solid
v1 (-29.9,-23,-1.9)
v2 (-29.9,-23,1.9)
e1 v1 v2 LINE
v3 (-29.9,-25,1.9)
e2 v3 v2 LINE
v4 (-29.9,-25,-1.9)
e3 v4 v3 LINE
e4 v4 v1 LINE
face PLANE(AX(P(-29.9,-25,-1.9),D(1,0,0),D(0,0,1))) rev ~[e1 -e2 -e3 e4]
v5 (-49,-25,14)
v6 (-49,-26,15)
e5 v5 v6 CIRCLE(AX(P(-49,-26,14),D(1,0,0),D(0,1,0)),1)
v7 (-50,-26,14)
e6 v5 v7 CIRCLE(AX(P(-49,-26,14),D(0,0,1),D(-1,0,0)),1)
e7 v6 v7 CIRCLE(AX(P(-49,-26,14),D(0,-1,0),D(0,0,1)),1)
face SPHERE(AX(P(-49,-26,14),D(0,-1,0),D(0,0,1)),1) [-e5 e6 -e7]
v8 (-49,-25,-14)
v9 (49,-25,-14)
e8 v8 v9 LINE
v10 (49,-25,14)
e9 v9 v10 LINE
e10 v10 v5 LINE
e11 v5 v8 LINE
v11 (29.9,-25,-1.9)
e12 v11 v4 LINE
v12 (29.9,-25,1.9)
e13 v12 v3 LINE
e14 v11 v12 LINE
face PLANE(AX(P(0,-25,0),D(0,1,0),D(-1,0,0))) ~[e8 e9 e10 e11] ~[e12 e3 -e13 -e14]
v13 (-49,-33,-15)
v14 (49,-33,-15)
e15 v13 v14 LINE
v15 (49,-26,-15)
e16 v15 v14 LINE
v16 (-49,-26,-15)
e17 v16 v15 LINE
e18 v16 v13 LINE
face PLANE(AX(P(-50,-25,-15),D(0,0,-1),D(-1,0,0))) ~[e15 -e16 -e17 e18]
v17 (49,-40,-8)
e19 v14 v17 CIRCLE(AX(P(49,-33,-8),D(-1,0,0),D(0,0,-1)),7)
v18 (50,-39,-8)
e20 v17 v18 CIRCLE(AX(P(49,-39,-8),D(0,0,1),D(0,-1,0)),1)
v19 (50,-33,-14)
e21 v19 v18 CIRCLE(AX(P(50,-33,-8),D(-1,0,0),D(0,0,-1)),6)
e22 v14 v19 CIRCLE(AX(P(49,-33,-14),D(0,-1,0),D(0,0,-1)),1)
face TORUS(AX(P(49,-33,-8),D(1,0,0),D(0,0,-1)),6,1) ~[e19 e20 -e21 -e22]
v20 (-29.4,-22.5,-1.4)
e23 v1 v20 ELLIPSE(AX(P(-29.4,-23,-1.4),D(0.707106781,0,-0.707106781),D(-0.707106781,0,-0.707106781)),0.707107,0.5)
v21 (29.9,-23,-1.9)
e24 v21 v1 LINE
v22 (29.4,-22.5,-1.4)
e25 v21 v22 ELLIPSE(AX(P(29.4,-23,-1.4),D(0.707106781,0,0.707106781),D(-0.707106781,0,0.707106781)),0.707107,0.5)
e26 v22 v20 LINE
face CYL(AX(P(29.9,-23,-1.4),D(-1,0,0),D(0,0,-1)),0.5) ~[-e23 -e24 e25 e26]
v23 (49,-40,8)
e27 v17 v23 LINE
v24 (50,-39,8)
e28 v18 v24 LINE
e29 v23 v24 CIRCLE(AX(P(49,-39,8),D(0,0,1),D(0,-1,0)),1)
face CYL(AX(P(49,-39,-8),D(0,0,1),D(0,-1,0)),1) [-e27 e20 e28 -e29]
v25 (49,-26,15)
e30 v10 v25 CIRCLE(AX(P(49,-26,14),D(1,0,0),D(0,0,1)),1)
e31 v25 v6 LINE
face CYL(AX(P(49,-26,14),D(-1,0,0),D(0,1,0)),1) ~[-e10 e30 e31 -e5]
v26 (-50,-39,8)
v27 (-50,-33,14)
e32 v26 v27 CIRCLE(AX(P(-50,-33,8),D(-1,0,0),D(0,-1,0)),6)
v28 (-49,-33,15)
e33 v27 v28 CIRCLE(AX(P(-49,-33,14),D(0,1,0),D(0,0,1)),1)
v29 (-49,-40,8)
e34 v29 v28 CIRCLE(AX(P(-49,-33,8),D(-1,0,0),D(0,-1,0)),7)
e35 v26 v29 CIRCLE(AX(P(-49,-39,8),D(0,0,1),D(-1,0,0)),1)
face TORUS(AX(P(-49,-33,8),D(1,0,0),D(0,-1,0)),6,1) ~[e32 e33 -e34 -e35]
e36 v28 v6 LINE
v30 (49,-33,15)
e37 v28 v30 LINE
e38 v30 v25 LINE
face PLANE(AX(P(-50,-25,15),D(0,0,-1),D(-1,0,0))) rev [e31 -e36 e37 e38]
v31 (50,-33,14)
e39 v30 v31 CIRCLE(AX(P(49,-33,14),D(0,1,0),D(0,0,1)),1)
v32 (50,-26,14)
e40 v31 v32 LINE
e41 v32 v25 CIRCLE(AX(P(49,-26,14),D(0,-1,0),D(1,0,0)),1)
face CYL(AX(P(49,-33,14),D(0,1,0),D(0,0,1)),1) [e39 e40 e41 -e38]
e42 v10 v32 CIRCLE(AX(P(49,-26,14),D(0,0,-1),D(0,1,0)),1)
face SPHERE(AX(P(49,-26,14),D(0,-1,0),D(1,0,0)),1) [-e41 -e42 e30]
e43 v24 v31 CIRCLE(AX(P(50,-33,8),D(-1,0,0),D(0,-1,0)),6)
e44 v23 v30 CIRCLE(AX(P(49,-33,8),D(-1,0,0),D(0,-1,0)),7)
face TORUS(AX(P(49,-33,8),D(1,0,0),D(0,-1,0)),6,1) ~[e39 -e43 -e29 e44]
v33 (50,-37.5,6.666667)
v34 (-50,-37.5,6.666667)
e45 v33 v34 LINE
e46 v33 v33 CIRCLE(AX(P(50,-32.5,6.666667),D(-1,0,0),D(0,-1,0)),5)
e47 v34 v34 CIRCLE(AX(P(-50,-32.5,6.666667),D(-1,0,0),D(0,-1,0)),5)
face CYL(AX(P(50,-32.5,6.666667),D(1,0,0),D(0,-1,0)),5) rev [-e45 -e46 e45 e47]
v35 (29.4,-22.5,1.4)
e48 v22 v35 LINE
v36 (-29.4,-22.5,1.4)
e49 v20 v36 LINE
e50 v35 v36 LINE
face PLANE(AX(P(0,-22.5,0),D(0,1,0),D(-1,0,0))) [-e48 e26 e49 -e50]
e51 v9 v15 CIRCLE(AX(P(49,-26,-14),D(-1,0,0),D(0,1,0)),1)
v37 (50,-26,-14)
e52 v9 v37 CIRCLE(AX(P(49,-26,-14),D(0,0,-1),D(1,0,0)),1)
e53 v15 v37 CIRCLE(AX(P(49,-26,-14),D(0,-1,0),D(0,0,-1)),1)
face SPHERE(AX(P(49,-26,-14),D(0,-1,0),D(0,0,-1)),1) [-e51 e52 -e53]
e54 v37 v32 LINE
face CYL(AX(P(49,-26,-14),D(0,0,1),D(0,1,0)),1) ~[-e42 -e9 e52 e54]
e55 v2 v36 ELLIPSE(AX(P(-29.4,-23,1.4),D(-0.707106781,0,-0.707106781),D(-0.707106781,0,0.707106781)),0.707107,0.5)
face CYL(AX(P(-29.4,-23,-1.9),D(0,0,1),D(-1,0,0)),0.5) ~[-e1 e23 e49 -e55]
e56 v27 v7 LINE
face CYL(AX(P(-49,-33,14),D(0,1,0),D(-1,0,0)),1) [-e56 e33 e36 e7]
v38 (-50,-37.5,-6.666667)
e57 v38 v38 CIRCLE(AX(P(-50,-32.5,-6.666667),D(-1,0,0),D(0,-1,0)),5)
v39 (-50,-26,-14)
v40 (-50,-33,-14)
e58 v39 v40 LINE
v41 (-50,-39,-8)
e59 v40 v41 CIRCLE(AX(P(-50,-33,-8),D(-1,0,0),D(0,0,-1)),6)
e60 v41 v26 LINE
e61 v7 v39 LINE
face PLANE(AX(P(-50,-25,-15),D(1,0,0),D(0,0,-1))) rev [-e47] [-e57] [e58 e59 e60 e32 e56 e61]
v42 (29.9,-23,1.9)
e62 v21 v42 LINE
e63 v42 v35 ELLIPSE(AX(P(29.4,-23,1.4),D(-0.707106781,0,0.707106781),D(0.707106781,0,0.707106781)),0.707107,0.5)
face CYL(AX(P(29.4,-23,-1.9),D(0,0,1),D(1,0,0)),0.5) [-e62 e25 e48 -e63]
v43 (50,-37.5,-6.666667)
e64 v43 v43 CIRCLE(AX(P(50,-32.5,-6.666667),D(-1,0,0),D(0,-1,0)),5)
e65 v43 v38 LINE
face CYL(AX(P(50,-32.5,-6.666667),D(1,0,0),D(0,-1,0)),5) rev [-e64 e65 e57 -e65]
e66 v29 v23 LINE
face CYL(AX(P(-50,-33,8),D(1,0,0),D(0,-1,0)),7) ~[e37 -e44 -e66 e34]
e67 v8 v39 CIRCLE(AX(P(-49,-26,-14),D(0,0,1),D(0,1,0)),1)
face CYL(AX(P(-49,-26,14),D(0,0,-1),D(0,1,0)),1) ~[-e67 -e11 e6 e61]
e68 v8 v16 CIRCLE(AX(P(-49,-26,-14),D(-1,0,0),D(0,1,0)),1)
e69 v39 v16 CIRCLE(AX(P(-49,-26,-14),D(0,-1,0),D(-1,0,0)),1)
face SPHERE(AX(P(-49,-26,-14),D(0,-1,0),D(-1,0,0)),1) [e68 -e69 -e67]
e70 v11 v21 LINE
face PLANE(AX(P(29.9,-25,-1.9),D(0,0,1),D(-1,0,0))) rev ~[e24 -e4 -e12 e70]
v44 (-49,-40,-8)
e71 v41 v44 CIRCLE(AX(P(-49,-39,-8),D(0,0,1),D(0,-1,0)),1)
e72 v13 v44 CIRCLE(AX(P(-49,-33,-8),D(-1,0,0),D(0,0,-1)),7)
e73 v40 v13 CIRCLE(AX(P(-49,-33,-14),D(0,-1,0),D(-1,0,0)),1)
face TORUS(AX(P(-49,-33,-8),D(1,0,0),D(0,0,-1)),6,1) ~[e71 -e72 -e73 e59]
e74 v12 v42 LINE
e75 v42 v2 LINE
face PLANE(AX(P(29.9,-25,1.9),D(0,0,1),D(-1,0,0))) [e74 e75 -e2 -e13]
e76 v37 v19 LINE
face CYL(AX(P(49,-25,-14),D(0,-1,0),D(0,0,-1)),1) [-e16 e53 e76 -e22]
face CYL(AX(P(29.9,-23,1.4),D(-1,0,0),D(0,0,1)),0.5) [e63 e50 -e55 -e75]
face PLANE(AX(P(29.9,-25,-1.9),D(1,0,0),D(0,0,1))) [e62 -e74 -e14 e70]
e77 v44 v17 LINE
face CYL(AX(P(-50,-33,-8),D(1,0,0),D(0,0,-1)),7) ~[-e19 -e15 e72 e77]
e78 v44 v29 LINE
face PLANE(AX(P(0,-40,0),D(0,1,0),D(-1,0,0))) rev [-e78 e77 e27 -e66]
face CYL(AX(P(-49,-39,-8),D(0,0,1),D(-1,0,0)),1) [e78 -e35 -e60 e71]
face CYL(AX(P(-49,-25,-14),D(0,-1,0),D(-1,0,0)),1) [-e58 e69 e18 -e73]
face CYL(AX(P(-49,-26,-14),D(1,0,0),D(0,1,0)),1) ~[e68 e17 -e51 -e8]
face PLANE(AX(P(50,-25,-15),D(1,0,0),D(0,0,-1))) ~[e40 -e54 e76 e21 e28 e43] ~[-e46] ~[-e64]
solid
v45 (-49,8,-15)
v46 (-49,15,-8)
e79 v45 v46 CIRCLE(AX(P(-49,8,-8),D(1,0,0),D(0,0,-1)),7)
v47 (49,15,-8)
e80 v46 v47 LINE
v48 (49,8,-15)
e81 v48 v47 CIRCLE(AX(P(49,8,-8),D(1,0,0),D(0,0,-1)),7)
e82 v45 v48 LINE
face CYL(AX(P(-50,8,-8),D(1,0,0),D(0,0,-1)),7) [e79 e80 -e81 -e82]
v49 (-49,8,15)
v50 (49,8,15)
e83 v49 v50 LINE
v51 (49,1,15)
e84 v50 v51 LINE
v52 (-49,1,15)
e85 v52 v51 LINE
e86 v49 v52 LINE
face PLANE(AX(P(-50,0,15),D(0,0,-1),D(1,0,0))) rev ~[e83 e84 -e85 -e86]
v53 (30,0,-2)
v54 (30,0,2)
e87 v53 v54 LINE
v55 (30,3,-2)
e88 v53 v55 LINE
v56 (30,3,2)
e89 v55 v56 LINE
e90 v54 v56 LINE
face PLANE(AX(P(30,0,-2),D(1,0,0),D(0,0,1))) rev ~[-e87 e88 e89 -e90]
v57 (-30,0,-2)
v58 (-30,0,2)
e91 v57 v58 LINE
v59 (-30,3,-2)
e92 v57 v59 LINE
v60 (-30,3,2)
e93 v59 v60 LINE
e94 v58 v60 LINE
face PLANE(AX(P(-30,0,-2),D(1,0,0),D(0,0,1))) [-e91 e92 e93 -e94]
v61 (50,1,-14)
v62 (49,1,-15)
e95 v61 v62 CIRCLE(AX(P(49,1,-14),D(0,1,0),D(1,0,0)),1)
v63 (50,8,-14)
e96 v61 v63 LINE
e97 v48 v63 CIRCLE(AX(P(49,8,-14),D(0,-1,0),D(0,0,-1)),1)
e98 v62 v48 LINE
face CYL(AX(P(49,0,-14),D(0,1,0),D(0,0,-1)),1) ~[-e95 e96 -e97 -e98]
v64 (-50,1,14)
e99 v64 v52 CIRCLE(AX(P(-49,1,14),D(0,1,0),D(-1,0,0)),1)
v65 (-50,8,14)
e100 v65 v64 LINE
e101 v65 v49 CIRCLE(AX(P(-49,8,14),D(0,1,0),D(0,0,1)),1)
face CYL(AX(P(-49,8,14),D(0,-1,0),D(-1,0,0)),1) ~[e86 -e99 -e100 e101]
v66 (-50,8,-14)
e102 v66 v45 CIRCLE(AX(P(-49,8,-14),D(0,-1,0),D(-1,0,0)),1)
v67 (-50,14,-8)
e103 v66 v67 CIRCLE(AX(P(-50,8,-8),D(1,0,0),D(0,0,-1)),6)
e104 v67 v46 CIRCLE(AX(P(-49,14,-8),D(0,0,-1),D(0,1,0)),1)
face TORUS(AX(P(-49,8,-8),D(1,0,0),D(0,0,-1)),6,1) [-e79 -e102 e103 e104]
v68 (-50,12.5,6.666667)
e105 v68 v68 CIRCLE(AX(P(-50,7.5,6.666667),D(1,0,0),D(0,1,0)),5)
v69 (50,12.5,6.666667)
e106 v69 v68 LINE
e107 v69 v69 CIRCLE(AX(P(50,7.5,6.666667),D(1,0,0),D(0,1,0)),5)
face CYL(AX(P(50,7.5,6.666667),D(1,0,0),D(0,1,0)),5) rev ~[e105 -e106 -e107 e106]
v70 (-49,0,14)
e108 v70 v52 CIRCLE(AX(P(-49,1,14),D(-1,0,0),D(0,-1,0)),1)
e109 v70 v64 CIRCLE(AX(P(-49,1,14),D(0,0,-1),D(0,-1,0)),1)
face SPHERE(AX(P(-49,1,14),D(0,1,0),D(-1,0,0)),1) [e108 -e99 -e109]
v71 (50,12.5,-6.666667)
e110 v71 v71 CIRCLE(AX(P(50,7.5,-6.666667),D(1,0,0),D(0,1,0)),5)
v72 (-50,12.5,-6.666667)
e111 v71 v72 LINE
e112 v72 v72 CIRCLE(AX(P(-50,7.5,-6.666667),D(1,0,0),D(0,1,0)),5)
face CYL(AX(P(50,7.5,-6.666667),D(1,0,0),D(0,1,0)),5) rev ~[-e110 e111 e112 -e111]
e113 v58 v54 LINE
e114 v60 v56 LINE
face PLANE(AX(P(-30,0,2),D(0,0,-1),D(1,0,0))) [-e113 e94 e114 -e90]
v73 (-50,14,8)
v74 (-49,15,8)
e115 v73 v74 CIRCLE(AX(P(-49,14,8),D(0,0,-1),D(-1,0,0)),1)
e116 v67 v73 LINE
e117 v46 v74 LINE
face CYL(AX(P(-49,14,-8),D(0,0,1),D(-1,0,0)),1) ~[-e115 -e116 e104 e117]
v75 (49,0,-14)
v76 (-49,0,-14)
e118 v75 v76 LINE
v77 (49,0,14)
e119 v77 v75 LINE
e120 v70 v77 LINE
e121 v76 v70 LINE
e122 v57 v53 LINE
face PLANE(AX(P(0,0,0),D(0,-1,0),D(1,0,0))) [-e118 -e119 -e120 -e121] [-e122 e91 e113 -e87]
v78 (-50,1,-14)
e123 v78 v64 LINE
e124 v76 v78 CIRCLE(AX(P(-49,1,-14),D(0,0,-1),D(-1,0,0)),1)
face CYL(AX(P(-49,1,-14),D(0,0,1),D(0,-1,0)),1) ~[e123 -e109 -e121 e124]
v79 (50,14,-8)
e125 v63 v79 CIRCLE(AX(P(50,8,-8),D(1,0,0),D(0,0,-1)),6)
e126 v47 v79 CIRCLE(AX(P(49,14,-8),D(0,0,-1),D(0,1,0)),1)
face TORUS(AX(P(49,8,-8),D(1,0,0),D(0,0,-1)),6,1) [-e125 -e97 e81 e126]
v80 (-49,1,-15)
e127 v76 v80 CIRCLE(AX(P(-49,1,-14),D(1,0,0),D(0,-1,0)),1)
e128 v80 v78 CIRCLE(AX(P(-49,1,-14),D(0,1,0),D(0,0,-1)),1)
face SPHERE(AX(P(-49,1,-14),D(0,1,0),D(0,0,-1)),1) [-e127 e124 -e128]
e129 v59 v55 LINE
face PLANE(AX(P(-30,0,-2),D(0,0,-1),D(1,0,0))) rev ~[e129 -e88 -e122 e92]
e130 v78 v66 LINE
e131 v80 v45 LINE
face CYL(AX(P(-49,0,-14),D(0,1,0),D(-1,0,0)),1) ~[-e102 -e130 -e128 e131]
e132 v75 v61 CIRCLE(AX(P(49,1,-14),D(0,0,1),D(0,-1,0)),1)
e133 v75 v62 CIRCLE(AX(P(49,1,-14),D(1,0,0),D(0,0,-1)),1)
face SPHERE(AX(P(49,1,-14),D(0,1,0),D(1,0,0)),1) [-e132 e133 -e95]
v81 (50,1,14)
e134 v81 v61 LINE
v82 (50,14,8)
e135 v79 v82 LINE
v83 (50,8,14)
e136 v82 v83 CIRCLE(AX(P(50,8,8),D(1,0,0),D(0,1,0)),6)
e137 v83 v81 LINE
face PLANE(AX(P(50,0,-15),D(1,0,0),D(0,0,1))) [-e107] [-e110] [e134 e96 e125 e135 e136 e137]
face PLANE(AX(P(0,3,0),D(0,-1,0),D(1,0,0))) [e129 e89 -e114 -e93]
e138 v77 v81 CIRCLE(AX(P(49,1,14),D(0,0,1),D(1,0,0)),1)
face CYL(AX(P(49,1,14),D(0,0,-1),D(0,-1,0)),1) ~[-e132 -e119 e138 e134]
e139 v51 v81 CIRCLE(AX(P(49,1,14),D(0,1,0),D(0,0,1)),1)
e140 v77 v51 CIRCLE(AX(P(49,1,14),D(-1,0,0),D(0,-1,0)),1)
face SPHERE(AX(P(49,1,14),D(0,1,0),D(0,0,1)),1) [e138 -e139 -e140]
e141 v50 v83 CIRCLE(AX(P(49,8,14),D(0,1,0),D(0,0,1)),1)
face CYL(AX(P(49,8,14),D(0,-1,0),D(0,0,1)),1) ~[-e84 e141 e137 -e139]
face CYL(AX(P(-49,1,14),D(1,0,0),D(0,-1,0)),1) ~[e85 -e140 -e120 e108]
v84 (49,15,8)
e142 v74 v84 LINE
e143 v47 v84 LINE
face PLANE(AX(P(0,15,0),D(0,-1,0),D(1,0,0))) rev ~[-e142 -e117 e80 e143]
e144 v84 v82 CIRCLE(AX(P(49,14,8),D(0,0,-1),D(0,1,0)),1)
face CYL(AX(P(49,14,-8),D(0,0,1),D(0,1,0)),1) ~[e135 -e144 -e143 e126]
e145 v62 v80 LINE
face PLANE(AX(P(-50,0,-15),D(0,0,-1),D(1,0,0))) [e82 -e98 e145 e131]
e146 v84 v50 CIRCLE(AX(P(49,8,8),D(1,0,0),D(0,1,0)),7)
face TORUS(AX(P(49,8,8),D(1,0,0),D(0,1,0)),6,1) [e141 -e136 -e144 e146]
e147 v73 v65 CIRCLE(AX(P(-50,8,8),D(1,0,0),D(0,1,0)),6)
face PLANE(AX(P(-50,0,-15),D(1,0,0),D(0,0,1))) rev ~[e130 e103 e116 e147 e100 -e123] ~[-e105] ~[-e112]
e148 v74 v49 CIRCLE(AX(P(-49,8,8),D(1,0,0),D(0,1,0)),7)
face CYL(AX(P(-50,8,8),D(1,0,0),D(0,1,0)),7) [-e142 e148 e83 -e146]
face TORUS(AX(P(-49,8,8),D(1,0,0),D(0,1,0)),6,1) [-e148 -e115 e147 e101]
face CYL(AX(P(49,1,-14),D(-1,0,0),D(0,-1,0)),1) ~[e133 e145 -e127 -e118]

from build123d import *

# Parameters (mm, degrees)
F0_W      = 100
F0_H      = 30
F1_DEPTH  = 15
F2_R      = 5
F3_DEPTH  = 100.001
F5_R      = 7
F5_2_R    = 7
F6_R      = 1
F6_2_R    = 1
F8_W      = 60
F8_H      = 4
F9_DEPTH  = 3
F10_W     = 59.8
F10_H     = 3.8
F11_DEPTH = 2.5
F12_R     = 0.5
F13_R     = 1
F14_R     = 1


with BuildPart() as f1:
    # F0 (on Front) → F1 (new body)
    with BuildSketch(Plane.XZ):
        Rectangle(F0_W, F0_H)
    extrude(amount=-F1_DEPTH)

    # F2 (on face) → F3 (cut, through all)
    with BuildSketch(Plane.YZ.offset(50)):
        with Locations((7.5, 6.6666666667)):
            Circle(F2_R)
        with Locations((7.5, -6.6666666667)):
            Circle(F2_R)
    extrude(amount=-F3_DEPTH, mode=Mode.SUBTRACT)


with BuildPart() as f4_1:
    # F4: instance of F1
    add(f1.part.mirror(Plane.XZ))

    # F5
    f5_edges = [f4_1.edges().sort_by_distance(p)[0] for p in [
        (0, -15, 15),
        (0, -15, -15),
    ]]
    fillet(f5_edges, radius=F5_R)

    # F6#2
    f6_2_edges = [f4_1.edges().sort_by_distance(p)[0] for p in [
        (-50, -15, 0),
        (50, -15, 0),
    ]]
    fillet(f6_2_edges, radius=F6_2_R)


with BuildPart() as f1_1:
    add(f1.part)

    # F5#2
    f5_2_edges = [f1_1.edges().sort_by_distance(p)[0] for p in [
        (0, 15, 15),
        (0, 15, -15),
    ]]
    fillet(f5_2_edges, radius=F5_2_R)

    # F6
    f6_edges = [f1_1.edges().sort_by_distance(p)[0] for p in [
        (-50, 15, 0),
        (50, 15, 0),
    ]]
    fillet(f6_edges, radius=F6_R)

    # F8 (on face) → F9 (cut)
    with BuildSketch(Plane.XZ):
        Rectangle(F8_W, F8_H)
    extrude(amount=-F9_DEPTH, mode=Mode.SUBTRACT)

    # F14
    f14_edges = [f1_1.edges().sort_by_distance(p)[0] for p in [
        (0, 0, 15),
    ]]
    fillet(f14_edges, radius=F14_R)


with BuildPart() as f4_1_1:
    # F7: moved
    add(f4_1.part.moved(Location((0, -25, 0))))

    # F10 (on face) → F11 (join)
    with BuildSketch(Plane(origin=(0, -25, 0), x_dir=(-1, 0, 0), z_dir=(0, 1, 0))):
        Rectangle(F10_W, F10_H)
    extrude(amount=F11_DEPTH)

    # F12
    f12_edges = [f4_1_1.edges().sort_by_distance(p)[0] for p in [
        (0, -22.5, -1.9),
        (29.9, -22.5, 0),
        (0, -22.5, 1.9),
        (-29.9, -22.5, 0),
    ]]
    fillet(f12_edges, radius=F12_R)

    # F13
    f13_edges = [f4_1_1.edges().sort_by_distance(p)[0] for p in [
        (0, -25, -15),
    ]]
    fillet(f13_edges, radius=F13_R)


solid = Compound([f1_1.part, f4_1_1.part])
